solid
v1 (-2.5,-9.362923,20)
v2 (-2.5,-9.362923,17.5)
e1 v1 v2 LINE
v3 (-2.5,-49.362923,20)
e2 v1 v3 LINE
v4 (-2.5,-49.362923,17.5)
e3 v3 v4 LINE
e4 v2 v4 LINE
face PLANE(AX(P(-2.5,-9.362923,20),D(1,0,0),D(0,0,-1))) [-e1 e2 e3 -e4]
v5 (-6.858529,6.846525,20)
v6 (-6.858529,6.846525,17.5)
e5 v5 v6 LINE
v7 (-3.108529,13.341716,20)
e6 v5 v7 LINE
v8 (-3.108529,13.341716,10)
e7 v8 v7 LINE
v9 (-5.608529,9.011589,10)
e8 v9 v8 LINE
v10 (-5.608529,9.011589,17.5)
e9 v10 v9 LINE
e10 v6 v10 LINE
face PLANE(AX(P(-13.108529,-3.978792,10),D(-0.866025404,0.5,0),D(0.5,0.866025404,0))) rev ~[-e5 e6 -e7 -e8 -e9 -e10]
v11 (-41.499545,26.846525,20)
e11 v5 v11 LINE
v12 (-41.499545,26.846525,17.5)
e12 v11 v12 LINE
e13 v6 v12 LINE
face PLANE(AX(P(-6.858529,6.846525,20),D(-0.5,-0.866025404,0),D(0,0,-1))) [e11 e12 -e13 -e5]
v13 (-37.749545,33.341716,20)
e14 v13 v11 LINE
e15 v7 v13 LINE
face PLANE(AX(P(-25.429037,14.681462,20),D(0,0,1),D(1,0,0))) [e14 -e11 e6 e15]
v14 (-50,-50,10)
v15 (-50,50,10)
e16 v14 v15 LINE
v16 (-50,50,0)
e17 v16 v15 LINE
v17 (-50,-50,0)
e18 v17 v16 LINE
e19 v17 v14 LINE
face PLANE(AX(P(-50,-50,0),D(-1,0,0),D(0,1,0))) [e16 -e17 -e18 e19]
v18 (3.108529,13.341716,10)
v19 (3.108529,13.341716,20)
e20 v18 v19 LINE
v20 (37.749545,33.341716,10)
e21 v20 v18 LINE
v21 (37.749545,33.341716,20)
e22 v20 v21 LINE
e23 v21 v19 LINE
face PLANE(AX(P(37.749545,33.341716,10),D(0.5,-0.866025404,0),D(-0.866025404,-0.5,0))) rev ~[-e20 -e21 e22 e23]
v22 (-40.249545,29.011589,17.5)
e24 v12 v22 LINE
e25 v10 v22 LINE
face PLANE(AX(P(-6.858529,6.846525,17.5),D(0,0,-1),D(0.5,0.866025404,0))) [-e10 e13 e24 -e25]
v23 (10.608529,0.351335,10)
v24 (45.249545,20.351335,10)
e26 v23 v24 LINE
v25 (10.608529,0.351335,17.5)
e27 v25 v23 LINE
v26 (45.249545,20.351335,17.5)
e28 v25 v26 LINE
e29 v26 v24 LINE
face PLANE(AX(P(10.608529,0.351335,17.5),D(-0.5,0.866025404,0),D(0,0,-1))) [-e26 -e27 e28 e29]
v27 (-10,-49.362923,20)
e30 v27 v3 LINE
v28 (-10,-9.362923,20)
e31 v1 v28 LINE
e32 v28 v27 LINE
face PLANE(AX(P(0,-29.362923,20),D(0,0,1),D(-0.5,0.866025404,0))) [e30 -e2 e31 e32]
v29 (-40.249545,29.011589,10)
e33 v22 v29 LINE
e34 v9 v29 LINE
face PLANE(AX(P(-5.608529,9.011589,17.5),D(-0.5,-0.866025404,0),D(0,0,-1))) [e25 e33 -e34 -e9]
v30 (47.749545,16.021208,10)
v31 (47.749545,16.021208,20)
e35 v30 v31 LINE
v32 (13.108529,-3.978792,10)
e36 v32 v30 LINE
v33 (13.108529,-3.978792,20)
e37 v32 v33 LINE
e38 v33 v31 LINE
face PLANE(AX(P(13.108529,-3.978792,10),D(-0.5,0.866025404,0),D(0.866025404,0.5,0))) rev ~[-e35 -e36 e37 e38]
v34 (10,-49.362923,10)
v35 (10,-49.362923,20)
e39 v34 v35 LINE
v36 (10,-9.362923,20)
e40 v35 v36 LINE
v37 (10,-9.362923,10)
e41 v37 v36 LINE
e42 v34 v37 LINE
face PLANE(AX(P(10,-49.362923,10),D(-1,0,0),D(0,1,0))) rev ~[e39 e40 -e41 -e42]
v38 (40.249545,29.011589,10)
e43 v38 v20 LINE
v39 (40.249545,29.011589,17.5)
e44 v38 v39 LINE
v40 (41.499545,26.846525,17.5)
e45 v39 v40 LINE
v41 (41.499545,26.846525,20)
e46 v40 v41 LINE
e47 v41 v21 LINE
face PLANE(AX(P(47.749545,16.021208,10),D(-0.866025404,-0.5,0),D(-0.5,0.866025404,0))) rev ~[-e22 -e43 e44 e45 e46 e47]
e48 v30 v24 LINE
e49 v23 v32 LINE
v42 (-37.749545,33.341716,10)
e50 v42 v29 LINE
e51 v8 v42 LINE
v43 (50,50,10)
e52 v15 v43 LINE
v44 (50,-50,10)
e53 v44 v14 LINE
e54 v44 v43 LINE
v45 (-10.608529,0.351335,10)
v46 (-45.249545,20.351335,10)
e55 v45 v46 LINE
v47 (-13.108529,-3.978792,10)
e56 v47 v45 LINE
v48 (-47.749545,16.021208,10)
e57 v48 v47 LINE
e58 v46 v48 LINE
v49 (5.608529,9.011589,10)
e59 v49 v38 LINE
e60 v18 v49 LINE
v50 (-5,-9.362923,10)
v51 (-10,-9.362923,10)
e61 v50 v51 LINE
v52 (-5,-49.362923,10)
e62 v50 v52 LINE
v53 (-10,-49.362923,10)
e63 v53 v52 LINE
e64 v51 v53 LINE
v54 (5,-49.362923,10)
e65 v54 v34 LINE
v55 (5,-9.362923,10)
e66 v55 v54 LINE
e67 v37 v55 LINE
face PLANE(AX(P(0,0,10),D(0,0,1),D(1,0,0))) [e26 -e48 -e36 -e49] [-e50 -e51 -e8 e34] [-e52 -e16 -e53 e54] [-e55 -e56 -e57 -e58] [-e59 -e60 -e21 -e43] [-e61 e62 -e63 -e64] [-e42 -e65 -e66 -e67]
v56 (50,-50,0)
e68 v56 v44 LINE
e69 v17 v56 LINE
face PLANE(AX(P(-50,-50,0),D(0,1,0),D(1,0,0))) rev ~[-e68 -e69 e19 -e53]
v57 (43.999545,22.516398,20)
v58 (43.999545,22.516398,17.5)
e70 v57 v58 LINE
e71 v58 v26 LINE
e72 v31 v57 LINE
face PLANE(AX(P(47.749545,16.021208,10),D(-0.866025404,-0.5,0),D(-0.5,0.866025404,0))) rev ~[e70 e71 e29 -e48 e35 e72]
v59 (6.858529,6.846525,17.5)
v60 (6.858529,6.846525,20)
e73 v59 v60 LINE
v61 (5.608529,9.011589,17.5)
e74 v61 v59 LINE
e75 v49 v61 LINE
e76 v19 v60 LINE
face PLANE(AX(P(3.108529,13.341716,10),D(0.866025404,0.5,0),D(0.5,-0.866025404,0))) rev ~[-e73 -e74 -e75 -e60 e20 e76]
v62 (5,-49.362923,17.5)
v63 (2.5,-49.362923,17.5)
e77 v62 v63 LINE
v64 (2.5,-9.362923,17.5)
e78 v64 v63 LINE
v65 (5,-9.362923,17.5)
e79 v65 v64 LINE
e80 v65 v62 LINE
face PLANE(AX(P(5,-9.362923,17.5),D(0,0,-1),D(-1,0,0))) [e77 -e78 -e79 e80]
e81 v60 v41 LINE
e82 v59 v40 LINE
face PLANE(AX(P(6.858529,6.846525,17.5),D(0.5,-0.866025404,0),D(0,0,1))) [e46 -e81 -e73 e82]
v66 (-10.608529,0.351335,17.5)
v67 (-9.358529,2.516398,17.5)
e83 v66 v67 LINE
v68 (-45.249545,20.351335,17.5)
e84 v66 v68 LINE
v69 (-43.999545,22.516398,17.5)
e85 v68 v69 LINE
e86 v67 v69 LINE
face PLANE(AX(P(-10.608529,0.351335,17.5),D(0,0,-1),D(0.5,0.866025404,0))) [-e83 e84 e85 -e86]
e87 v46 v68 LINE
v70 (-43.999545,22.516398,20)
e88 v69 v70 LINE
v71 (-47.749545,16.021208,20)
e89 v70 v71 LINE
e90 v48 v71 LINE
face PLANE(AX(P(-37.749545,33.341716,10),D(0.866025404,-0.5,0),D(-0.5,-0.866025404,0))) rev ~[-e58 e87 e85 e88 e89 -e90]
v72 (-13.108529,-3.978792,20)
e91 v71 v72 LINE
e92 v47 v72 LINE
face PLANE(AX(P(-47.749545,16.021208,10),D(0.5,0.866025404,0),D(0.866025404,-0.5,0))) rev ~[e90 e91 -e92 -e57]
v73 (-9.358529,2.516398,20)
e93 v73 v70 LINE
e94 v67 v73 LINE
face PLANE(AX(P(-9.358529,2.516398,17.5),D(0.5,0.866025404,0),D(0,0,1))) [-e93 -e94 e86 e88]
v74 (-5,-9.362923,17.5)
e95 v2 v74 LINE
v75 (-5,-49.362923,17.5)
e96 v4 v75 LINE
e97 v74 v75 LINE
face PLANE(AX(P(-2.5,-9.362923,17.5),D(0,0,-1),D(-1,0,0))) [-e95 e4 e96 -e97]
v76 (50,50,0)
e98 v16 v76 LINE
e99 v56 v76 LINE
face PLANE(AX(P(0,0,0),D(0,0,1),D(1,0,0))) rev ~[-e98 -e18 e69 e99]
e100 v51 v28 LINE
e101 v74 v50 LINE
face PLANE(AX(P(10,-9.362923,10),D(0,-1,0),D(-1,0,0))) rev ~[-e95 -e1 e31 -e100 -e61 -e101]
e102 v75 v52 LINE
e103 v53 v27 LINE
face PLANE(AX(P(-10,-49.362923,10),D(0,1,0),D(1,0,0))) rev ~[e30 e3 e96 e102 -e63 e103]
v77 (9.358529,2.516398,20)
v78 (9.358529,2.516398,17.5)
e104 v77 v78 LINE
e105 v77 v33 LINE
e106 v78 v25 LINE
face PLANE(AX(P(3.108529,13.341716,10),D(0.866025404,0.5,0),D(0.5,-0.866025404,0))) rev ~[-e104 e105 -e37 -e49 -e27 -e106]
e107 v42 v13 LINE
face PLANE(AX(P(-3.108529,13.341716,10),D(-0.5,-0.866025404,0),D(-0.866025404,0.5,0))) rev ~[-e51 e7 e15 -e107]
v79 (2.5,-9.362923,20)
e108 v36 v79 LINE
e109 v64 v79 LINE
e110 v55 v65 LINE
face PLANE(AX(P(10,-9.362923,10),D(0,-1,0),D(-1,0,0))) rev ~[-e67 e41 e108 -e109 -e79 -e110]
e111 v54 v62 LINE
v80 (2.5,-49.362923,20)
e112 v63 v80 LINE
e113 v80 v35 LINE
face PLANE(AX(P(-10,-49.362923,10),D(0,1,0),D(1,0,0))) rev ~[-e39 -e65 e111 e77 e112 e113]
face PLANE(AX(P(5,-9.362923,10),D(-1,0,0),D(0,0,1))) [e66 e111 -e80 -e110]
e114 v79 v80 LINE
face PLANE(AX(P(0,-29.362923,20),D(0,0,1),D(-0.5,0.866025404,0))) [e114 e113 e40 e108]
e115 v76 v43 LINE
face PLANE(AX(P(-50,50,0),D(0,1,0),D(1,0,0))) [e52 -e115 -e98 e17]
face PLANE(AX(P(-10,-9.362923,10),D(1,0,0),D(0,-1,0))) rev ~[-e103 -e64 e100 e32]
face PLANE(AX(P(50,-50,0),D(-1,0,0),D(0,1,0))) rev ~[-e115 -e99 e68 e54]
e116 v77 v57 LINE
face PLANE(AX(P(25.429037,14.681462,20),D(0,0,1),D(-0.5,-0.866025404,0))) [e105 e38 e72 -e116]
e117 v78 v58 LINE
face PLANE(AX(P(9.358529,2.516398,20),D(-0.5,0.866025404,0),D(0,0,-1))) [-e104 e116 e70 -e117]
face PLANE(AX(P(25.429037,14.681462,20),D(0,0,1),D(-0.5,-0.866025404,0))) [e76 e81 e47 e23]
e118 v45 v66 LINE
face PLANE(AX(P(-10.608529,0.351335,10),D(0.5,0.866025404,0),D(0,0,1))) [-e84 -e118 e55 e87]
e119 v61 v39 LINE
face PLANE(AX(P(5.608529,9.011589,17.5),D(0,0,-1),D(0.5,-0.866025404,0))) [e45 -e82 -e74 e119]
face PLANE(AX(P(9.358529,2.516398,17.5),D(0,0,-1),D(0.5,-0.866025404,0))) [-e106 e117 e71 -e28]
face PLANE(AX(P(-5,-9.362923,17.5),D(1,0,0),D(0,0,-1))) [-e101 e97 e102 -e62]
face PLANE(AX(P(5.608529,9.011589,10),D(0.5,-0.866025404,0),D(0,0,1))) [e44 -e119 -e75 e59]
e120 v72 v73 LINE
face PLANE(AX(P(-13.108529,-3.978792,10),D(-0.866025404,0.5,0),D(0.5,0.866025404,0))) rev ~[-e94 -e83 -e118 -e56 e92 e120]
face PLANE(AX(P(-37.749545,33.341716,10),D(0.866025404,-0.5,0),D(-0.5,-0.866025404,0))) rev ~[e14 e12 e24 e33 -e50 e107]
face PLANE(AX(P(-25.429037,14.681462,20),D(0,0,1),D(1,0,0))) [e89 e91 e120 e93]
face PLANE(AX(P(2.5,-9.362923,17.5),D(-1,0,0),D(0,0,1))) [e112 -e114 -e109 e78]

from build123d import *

# Parameters (mm, degrees)
SKETCH1_W           = 100
SKETCH1_H           = 100
BOSS_EXTRUDE1_DEPTH = 10
BOSS_EXTRUDE2_DEPTH = 10
CUT_EXTRUDE1_DEPTH  = 83.259731469
CIRPATTERN6_COUNT   = 3


with BuildPart() as part:
    # Sketch1 → Boss-Extrude1 (new body)
    with BuildSketch(Plane.XY):
        Rectangle(SKETCH1_W, SKETCH1_H)
    extrude(amount=BOSS_EXTRUDE1_DEPTH)

    # Sketch2 → Boss-Extrude2 (add)
    with BuildSketch(Plane.XY.offset(10)):
        Polygon((-47.749545474, 16.021207549), (-13.108529323, -3.978792451), (-3.108529323, 13.341715625), (-37.749545474, 33.341715625), align=None)
    boss_extrude2 = extrude(amount=BOSS_EXTRUDE2_DEPTH)

    # Sketch3 → Cut-Extrude1 (cut, through all)
    with BuildSketch(Plane(origin=(-8.108529323, 4.681461587, 0), x_dir=(0, 0, -1), z_dir=(0.8660254037844387, -0.4999999999999998, 0))):
        Polygon((-17.5, 5), (-10, 5), (-10, -5), (-17.5, -5), (-17.5, -2.5), (-20, -2.5), (-20, 2.5), (-17.5, 2.5), align=None)
    cut_extrude1 = extrude(amount=-CUT_EXTRUDE1_DEPTH, mode=Mode.SUBTRACT)

    # CirPattern6: Boss-Extrude2, Cut-Extrude1 ×3 about axis
    cirpattern6_axis = Axis((0, 0, 0), (0, 0, 1))
    add([boss_extrude2.rotate(cirpattern6_axis, i * 360 / CIRPATTERN6_COUNT) for i in range(1, CIRPATTERN6_COUNT)])
    add([cut_extrude1.rotate(cirpattern6_axis, i * 360 / CIRPATTERN6_COUNT) for i in range(1, CIRPATTERN6_COUNT)], mode=Mode.SUBTRACT)


solid = part.part
